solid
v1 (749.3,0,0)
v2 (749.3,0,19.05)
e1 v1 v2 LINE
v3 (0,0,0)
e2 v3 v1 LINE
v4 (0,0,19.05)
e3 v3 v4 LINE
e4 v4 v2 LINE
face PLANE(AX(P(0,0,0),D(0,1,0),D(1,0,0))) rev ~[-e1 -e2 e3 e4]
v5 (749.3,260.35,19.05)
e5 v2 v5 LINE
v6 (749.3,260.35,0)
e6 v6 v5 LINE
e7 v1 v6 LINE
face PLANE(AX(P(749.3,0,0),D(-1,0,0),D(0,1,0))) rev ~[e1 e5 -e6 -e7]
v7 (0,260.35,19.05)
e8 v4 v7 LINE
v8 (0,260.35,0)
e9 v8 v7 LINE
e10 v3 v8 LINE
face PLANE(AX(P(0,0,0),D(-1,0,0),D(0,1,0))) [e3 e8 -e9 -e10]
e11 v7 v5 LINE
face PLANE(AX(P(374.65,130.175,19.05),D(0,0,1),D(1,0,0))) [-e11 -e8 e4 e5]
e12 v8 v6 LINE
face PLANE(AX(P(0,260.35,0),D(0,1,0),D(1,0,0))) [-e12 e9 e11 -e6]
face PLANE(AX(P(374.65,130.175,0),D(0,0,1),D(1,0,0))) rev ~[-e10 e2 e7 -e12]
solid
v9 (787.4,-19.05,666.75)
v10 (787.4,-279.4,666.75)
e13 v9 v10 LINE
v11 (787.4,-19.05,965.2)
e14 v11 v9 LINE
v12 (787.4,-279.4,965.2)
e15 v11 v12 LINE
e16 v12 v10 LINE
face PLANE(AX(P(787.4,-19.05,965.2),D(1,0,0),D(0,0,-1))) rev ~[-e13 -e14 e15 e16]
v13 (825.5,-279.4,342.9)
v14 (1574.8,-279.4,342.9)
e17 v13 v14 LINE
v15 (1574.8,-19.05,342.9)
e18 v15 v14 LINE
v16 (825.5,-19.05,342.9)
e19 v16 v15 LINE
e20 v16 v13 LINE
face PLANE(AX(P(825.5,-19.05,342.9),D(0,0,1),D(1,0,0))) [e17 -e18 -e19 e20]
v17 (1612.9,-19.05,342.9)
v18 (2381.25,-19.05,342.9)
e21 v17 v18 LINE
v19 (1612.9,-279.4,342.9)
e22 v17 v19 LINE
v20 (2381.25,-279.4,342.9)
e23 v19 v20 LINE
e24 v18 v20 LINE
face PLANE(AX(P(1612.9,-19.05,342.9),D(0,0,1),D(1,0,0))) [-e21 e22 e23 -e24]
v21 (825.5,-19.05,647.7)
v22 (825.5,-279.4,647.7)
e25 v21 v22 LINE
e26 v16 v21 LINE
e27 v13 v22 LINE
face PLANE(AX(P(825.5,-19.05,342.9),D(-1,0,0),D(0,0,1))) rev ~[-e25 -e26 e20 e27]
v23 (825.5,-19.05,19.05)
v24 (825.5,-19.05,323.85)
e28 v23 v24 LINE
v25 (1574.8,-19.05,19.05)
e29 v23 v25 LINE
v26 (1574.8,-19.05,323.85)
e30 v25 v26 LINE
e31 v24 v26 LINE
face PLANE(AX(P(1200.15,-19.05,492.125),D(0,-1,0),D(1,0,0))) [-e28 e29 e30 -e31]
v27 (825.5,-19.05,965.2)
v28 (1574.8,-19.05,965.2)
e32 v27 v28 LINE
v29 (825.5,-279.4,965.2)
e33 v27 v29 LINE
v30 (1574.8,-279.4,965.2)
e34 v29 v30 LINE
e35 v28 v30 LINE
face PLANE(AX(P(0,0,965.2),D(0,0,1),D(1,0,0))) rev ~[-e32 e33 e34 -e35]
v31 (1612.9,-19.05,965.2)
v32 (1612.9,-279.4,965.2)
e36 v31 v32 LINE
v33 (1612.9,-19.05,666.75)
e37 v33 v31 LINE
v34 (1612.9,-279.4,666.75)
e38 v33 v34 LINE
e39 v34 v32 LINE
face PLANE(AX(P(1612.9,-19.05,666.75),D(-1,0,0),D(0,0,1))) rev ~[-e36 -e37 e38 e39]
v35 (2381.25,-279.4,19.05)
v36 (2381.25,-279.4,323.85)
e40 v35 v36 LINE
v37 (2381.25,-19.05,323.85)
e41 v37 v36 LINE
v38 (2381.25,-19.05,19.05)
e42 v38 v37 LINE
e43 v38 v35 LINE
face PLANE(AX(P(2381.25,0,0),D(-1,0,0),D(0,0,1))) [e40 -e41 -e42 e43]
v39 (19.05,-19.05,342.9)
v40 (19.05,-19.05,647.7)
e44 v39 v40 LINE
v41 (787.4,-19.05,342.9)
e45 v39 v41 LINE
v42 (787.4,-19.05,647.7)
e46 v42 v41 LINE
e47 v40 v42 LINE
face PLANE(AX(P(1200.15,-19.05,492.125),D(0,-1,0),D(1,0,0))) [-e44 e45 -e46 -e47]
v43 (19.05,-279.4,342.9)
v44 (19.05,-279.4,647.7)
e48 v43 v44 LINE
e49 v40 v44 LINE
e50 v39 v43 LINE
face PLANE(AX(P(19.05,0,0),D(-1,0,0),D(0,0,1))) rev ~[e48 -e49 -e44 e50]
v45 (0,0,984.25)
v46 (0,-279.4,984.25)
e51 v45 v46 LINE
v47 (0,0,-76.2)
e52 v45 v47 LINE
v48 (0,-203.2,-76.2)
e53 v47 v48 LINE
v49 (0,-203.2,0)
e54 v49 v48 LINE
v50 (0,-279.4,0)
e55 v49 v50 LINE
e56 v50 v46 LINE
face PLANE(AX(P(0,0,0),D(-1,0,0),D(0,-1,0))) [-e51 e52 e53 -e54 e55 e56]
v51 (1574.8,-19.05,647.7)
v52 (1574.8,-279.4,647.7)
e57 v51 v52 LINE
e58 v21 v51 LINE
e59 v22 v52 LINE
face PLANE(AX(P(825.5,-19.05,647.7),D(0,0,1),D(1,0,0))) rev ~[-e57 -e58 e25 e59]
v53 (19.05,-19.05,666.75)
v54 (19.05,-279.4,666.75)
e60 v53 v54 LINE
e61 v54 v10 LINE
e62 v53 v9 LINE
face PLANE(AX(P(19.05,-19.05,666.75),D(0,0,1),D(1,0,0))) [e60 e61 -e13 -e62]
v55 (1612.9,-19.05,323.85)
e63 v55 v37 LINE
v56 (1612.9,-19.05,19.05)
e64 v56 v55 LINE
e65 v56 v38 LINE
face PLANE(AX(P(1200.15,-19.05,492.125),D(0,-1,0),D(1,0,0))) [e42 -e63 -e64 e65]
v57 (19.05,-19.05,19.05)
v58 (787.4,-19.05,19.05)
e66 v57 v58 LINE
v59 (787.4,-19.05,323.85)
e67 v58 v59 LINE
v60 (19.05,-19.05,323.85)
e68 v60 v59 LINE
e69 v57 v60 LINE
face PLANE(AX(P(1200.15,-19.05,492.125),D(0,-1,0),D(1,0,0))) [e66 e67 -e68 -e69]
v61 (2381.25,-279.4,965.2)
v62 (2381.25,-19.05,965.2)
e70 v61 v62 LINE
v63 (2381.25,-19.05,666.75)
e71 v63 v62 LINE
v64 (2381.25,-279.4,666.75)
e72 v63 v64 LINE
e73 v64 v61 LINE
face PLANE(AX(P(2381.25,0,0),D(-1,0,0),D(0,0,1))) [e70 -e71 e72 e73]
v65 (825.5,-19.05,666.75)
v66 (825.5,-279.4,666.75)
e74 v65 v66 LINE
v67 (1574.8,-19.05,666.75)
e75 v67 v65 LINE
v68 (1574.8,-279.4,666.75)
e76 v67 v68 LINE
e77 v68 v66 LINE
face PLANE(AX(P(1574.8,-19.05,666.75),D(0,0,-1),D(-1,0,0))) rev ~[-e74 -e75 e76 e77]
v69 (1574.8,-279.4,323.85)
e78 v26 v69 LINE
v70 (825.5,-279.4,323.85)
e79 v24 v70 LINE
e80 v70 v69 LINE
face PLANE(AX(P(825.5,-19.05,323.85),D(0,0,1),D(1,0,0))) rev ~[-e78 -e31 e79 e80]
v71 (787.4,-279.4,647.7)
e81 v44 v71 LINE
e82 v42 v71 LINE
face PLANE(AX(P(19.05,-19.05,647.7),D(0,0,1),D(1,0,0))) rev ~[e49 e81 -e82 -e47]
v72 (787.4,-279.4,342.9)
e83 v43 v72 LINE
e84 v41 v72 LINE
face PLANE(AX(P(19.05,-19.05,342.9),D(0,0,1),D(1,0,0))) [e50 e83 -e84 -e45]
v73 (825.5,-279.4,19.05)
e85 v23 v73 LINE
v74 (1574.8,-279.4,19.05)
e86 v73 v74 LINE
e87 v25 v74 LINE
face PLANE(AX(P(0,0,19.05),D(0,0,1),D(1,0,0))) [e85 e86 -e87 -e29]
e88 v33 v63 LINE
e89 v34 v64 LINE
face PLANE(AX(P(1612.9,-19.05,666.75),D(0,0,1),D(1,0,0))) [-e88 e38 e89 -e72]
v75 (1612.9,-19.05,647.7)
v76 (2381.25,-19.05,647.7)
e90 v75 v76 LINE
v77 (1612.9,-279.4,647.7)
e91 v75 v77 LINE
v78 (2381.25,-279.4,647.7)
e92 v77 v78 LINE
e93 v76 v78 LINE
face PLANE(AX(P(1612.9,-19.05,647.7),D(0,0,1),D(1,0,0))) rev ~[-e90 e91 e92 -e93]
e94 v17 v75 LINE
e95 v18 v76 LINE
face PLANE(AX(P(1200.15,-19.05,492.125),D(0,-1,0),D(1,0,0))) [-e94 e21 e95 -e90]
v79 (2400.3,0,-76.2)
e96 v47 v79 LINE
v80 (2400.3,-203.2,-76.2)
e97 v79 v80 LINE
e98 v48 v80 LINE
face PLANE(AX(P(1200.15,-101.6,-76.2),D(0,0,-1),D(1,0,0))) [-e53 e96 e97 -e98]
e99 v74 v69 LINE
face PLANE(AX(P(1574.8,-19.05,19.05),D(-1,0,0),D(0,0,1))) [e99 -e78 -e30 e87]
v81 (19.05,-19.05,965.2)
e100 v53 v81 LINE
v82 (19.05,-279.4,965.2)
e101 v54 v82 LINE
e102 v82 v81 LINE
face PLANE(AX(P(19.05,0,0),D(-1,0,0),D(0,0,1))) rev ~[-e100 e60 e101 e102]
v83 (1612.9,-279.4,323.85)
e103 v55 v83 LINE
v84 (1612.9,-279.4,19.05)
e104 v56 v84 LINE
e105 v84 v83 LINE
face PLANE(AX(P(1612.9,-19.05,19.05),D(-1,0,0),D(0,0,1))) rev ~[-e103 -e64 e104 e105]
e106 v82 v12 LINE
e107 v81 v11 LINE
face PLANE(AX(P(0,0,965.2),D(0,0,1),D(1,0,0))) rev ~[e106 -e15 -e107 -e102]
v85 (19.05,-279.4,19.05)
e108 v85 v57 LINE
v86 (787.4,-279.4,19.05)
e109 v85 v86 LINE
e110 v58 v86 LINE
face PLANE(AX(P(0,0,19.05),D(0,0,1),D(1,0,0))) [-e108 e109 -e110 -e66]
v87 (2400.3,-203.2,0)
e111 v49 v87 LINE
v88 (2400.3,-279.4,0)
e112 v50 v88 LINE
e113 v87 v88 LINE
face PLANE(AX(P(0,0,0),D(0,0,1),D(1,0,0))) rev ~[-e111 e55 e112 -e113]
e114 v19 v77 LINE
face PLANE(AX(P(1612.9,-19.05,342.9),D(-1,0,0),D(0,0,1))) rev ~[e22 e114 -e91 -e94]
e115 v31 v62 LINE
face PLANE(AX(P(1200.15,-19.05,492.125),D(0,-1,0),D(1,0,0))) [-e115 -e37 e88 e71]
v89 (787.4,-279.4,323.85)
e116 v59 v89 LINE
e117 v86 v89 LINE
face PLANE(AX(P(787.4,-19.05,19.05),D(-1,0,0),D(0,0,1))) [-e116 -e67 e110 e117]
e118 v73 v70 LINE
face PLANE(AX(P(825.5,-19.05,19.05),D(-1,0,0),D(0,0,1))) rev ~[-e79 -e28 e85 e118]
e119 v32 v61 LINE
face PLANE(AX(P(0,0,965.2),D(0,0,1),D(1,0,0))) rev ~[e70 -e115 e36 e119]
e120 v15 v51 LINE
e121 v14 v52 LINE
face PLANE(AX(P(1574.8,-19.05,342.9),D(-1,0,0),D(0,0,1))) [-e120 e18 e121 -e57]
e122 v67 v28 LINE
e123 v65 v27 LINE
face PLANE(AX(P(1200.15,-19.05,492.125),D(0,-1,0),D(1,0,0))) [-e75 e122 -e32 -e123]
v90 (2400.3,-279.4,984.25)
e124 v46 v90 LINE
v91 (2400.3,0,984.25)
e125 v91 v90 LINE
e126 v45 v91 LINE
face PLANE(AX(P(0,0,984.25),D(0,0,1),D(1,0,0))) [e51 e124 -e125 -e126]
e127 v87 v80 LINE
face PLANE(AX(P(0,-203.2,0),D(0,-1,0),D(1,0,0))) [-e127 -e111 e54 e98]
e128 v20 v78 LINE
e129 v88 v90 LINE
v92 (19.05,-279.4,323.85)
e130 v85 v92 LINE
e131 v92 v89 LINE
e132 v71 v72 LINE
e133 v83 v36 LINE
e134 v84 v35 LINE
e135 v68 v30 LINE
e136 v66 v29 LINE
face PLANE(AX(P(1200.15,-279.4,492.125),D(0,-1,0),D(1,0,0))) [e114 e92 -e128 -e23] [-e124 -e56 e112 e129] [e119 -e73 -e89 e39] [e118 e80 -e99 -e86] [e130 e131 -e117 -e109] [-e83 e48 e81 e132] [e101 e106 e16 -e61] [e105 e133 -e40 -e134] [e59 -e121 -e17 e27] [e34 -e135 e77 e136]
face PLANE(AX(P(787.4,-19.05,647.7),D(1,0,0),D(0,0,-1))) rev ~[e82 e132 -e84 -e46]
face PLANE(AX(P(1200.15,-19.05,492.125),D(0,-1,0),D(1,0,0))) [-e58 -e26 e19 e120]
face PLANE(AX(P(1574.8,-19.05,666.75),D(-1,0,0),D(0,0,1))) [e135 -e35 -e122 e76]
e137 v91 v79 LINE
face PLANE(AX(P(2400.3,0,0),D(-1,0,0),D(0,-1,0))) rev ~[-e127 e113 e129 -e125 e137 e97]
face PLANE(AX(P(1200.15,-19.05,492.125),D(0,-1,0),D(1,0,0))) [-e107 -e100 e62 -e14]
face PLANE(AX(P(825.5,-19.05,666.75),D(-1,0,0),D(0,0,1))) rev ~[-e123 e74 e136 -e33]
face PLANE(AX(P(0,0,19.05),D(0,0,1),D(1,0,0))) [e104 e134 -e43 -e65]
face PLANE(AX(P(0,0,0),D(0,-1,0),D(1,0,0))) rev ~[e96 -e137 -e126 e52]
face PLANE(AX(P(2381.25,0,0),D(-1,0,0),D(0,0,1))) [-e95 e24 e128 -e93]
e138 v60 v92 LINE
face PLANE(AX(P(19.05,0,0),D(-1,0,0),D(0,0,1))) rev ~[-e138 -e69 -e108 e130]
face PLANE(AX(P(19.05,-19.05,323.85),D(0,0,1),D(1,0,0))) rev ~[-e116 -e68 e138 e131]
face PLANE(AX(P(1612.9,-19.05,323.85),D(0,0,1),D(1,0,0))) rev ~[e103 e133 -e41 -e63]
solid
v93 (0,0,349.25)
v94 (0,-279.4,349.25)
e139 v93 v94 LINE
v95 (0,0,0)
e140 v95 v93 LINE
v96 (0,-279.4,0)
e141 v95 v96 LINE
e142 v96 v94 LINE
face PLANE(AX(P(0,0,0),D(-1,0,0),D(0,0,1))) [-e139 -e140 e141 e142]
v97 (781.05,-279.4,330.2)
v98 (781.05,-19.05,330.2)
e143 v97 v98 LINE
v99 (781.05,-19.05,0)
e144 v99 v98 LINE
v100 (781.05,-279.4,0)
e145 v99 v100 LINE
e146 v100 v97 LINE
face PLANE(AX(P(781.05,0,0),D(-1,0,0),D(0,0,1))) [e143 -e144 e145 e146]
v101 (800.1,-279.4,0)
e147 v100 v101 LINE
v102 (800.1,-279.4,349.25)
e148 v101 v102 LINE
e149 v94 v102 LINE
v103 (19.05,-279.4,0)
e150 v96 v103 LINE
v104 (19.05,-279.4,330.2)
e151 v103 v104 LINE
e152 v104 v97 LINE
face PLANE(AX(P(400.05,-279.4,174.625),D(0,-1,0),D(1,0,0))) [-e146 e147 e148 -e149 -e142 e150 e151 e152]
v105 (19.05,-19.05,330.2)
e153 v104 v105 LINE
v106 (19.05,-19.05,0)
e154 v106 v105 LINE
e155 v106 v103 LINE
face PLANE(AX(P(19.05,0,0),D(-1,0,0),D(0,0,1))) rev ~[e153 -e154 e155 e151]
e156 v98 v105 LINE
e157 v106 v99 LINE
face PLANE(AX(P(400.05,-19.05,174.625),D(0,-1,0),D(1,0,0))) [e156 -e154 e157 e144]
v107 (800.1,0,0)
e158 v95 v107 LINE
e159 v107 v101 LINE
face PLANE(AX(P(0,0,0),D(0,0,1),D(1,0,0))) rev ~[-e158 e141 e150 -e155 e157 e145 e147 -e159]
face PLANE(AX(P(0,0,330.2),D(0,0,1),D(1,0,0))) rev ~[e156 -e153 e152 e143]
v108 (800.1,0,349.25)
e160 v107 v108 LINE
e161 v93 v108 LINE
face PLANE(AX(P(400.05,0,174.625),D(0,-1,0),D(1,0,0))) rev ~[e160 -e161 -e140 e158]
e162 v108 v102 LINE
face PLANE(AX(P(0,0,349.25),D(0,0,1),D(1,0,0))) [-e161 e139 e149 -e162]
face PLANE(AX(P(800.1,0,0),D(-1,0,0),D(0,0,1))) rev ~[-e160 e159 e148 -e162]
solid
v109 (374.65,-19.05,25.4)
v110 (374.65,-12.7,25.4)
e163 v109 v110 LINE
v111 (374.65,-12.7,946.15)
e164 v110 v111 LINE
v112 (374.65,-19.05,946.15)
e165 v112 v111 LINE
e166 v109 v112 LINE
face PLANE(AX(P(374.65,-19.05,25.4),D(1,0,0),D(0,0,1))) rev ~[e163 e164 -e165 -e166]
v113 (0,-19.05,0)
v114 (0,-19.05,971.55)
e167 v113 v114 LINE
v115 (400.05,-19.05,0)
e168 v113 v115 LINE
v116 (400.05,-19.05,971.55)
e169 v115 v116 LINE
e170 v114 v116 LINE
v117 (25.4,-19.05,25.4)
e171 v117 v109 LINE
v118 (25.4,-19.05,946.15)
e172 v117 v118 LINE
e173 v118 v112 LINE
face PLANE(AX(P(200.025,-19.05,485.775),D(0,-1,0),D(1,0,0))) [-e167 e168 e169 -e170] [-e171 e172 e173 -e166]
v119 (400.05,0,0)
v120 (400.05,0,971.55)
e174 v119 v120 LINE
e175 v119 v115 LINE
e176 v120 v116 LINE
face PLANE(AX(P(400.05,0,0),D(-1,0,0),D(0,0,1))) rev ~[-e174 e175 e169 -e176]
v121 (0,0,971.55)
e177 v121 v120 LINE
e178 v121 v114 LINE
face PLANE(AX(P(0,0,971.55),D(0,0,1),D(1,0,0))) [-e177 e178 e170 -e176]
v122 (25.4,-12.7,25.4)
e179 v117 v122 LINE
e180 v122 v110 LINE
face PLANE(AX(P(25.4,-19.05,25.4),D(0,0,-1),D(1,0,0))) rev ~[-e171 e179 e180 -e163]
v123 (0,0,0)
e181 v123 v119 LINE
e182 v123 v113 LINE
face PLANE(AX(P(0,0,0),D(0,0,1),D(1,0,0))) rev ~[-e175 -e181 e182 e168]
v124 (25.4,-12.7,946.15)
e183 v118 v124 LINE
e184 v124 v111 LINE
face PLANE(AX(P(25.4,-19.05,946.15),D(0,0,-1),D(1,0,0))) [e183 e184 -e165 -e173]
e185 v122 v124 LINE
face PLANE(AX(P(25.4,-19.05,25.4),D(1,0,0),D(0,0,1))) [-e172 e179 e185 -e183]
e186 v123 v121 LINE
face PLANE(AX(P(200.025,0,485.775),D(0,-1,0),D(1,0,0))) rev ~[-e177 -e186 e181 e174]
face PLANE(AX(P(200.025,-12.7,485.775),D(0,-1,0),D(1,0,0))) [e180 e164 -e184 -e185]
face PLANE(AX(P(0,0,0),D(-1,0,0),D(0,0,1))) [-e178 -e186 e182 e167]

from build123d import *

# Parameters (mm, degrees)
F0_W      = 2400.3
F0_H      = 984.25
F1_DEPTH  = 279.4
F2_T      = -19.05
F3_W      = 2400.3
F3_H      = 203.2
F4_DEPTH  = 76.2
F5_W      = 400.05
F5_H      = 971.55
F6_DEPTH  = 19.05
F7_W      = 349.25
F7_H      = 920.75
F8_DEPTH  = 6.35
F9_W      = 38.1
F9_H      = 298.45
F9_H_2    = 19.05
F9_W_2    = 768.35
F9_W_3    = 749.3
F9_H_3    = 304.8
F10_DEPTH = 260.35
F11_W     = 749.3
F11_H     = 260.35
F12_DEPTH = 19.05
F13_W     = 800.1
F13_H     = 349.25
F14_DEPTH = 279.4
F15_T     = -19.05


with BuildPart() as f1:
    # F0 (on Front) → F1 (new body)
    with BuildSketch(Plane.XZ):
        with Locations((1200.15, 492.125)):
            Rectangle(F0_W, F0_H)
    extrude(amount=F1_DEPTH)

    # F2
    f2_openings = [f1.faces().sort_by_distance(p)[0] for p in [
        (1200.15, -279.4, 492.125),
    ]]
    offset(amount=F2_T, openings=f2_openings)

    # F3 (on face) → F4 (join)
    with BuildSketch(Plane(origin=(0, 0, 0), x_dir=(1, 0, 0), z_dir=(0, 0, -1))):
        with Locations((1200.15, 101.6)):
            Rectangle(F3_W, F3_H)
    extrude(amount=F4_DEPTH)

    # F9 (on face) → F10 (join, through all)
    with BuildSketch(Plane.XZ.offset(19.05)):
        with Locations((806.45, 815.975)):
            Rectangle(F9_W, F9_H)
        with Locations((806.45, 657.225)):
            Rectangle(F9_W, F9_H_2)
        with Locations((403.225, 657.225)):
            Rectangle(F9_W_2, F9_H_2)
        with Locations((1200.15, 657.225)):
            Rectangle(F9_W_3, F9_H_2)
        with Locations((806.45, 495.3)):
            Rectangle(F9_W, F9_H_3)
        with Locations((1593.85, 657.225)):
            Rectangle(F9_W, F9_H_2)
        with Locations((1593.85, 815.975)):
            Rectangle(F9_W, F9_H)
        with Locations((806.45, 333.375)):
            Rectangle(F9_W, F9_H_2)
        with Locations((403.225, 333.375)):
            Rectangle(F9_W_2, F9_H_2)
        with Locations((1200.15, 333.375)):
            Rectangle(F9_W_3, F9_H_2)
        with Locations((1593.85, 495.3)):
            Rectangle(F9_W, F9_H_3)
        with Locations((1997.075, 657.225)):
            Rectangle(F9_W_2, F9_H_2)
        with Locations((806.45, 171.45)):
            Rectangle(F9_W, F9_H_3)
        with Locations((1593.85, 333.375)):
            Rectangle(F9_W, F9_H_2)
        with Locations((1593.85, 171.45)):
            Rectangle(F9_W, F9_H_3)
        with Locations((1997.075, 333.375)):
            Rectangle(F9_W_2, F9_H_2)
    extrude(amount=F10_DEPTH)


with BuildPart() as f6:
    # F5 (on Front) → F6 (new body)
    with BuildSketch(Plane.XZ):
        with Locations((200.025, 485.775)):
            Rectangle(F5_W, F5_H)
    extrude(amount=F6_DEPTH)

    # F7 (on face) → F8 (cut)
    with BuildSketch(Plane.XZ.offset(19.05)):
        with Locations((200.025, 485.775)):
            Rectangle(F7_W, F7_H)
    extrude(amount=-F8_DEPTH, mode=Mode.SUBTRACT)


with BuildPart() as f12:
    # F11 (on Top) → F12 (new body)
    with BuildSketch(Plane.XY):
        with Locations((374.65, 130.175)):
            Rectangle(F11_W, F11_H)
    extrude(amount=F12_DEPTH)


with BuildPart() as f14:
    # F13 (on Front) → F14 (new body)
    with BuildSketch(Plane.XZ):
        with Locations((400.05, 174.625)):
            Rectangle(F13_W, F13_H)
    extrude(amount=F14_DEPTH)

    # F15
    f15_openings = [f14.faces().sort_by_distance(p)[0] for p in [
        (400.05, -279.4, 174.625),
        (400.05, -139.7, 0),
    ]]
    offset(amount=F15_T, openings=f15_openings)


solid = Compound([f1.part, f6.part, f12.part, f14.part])
